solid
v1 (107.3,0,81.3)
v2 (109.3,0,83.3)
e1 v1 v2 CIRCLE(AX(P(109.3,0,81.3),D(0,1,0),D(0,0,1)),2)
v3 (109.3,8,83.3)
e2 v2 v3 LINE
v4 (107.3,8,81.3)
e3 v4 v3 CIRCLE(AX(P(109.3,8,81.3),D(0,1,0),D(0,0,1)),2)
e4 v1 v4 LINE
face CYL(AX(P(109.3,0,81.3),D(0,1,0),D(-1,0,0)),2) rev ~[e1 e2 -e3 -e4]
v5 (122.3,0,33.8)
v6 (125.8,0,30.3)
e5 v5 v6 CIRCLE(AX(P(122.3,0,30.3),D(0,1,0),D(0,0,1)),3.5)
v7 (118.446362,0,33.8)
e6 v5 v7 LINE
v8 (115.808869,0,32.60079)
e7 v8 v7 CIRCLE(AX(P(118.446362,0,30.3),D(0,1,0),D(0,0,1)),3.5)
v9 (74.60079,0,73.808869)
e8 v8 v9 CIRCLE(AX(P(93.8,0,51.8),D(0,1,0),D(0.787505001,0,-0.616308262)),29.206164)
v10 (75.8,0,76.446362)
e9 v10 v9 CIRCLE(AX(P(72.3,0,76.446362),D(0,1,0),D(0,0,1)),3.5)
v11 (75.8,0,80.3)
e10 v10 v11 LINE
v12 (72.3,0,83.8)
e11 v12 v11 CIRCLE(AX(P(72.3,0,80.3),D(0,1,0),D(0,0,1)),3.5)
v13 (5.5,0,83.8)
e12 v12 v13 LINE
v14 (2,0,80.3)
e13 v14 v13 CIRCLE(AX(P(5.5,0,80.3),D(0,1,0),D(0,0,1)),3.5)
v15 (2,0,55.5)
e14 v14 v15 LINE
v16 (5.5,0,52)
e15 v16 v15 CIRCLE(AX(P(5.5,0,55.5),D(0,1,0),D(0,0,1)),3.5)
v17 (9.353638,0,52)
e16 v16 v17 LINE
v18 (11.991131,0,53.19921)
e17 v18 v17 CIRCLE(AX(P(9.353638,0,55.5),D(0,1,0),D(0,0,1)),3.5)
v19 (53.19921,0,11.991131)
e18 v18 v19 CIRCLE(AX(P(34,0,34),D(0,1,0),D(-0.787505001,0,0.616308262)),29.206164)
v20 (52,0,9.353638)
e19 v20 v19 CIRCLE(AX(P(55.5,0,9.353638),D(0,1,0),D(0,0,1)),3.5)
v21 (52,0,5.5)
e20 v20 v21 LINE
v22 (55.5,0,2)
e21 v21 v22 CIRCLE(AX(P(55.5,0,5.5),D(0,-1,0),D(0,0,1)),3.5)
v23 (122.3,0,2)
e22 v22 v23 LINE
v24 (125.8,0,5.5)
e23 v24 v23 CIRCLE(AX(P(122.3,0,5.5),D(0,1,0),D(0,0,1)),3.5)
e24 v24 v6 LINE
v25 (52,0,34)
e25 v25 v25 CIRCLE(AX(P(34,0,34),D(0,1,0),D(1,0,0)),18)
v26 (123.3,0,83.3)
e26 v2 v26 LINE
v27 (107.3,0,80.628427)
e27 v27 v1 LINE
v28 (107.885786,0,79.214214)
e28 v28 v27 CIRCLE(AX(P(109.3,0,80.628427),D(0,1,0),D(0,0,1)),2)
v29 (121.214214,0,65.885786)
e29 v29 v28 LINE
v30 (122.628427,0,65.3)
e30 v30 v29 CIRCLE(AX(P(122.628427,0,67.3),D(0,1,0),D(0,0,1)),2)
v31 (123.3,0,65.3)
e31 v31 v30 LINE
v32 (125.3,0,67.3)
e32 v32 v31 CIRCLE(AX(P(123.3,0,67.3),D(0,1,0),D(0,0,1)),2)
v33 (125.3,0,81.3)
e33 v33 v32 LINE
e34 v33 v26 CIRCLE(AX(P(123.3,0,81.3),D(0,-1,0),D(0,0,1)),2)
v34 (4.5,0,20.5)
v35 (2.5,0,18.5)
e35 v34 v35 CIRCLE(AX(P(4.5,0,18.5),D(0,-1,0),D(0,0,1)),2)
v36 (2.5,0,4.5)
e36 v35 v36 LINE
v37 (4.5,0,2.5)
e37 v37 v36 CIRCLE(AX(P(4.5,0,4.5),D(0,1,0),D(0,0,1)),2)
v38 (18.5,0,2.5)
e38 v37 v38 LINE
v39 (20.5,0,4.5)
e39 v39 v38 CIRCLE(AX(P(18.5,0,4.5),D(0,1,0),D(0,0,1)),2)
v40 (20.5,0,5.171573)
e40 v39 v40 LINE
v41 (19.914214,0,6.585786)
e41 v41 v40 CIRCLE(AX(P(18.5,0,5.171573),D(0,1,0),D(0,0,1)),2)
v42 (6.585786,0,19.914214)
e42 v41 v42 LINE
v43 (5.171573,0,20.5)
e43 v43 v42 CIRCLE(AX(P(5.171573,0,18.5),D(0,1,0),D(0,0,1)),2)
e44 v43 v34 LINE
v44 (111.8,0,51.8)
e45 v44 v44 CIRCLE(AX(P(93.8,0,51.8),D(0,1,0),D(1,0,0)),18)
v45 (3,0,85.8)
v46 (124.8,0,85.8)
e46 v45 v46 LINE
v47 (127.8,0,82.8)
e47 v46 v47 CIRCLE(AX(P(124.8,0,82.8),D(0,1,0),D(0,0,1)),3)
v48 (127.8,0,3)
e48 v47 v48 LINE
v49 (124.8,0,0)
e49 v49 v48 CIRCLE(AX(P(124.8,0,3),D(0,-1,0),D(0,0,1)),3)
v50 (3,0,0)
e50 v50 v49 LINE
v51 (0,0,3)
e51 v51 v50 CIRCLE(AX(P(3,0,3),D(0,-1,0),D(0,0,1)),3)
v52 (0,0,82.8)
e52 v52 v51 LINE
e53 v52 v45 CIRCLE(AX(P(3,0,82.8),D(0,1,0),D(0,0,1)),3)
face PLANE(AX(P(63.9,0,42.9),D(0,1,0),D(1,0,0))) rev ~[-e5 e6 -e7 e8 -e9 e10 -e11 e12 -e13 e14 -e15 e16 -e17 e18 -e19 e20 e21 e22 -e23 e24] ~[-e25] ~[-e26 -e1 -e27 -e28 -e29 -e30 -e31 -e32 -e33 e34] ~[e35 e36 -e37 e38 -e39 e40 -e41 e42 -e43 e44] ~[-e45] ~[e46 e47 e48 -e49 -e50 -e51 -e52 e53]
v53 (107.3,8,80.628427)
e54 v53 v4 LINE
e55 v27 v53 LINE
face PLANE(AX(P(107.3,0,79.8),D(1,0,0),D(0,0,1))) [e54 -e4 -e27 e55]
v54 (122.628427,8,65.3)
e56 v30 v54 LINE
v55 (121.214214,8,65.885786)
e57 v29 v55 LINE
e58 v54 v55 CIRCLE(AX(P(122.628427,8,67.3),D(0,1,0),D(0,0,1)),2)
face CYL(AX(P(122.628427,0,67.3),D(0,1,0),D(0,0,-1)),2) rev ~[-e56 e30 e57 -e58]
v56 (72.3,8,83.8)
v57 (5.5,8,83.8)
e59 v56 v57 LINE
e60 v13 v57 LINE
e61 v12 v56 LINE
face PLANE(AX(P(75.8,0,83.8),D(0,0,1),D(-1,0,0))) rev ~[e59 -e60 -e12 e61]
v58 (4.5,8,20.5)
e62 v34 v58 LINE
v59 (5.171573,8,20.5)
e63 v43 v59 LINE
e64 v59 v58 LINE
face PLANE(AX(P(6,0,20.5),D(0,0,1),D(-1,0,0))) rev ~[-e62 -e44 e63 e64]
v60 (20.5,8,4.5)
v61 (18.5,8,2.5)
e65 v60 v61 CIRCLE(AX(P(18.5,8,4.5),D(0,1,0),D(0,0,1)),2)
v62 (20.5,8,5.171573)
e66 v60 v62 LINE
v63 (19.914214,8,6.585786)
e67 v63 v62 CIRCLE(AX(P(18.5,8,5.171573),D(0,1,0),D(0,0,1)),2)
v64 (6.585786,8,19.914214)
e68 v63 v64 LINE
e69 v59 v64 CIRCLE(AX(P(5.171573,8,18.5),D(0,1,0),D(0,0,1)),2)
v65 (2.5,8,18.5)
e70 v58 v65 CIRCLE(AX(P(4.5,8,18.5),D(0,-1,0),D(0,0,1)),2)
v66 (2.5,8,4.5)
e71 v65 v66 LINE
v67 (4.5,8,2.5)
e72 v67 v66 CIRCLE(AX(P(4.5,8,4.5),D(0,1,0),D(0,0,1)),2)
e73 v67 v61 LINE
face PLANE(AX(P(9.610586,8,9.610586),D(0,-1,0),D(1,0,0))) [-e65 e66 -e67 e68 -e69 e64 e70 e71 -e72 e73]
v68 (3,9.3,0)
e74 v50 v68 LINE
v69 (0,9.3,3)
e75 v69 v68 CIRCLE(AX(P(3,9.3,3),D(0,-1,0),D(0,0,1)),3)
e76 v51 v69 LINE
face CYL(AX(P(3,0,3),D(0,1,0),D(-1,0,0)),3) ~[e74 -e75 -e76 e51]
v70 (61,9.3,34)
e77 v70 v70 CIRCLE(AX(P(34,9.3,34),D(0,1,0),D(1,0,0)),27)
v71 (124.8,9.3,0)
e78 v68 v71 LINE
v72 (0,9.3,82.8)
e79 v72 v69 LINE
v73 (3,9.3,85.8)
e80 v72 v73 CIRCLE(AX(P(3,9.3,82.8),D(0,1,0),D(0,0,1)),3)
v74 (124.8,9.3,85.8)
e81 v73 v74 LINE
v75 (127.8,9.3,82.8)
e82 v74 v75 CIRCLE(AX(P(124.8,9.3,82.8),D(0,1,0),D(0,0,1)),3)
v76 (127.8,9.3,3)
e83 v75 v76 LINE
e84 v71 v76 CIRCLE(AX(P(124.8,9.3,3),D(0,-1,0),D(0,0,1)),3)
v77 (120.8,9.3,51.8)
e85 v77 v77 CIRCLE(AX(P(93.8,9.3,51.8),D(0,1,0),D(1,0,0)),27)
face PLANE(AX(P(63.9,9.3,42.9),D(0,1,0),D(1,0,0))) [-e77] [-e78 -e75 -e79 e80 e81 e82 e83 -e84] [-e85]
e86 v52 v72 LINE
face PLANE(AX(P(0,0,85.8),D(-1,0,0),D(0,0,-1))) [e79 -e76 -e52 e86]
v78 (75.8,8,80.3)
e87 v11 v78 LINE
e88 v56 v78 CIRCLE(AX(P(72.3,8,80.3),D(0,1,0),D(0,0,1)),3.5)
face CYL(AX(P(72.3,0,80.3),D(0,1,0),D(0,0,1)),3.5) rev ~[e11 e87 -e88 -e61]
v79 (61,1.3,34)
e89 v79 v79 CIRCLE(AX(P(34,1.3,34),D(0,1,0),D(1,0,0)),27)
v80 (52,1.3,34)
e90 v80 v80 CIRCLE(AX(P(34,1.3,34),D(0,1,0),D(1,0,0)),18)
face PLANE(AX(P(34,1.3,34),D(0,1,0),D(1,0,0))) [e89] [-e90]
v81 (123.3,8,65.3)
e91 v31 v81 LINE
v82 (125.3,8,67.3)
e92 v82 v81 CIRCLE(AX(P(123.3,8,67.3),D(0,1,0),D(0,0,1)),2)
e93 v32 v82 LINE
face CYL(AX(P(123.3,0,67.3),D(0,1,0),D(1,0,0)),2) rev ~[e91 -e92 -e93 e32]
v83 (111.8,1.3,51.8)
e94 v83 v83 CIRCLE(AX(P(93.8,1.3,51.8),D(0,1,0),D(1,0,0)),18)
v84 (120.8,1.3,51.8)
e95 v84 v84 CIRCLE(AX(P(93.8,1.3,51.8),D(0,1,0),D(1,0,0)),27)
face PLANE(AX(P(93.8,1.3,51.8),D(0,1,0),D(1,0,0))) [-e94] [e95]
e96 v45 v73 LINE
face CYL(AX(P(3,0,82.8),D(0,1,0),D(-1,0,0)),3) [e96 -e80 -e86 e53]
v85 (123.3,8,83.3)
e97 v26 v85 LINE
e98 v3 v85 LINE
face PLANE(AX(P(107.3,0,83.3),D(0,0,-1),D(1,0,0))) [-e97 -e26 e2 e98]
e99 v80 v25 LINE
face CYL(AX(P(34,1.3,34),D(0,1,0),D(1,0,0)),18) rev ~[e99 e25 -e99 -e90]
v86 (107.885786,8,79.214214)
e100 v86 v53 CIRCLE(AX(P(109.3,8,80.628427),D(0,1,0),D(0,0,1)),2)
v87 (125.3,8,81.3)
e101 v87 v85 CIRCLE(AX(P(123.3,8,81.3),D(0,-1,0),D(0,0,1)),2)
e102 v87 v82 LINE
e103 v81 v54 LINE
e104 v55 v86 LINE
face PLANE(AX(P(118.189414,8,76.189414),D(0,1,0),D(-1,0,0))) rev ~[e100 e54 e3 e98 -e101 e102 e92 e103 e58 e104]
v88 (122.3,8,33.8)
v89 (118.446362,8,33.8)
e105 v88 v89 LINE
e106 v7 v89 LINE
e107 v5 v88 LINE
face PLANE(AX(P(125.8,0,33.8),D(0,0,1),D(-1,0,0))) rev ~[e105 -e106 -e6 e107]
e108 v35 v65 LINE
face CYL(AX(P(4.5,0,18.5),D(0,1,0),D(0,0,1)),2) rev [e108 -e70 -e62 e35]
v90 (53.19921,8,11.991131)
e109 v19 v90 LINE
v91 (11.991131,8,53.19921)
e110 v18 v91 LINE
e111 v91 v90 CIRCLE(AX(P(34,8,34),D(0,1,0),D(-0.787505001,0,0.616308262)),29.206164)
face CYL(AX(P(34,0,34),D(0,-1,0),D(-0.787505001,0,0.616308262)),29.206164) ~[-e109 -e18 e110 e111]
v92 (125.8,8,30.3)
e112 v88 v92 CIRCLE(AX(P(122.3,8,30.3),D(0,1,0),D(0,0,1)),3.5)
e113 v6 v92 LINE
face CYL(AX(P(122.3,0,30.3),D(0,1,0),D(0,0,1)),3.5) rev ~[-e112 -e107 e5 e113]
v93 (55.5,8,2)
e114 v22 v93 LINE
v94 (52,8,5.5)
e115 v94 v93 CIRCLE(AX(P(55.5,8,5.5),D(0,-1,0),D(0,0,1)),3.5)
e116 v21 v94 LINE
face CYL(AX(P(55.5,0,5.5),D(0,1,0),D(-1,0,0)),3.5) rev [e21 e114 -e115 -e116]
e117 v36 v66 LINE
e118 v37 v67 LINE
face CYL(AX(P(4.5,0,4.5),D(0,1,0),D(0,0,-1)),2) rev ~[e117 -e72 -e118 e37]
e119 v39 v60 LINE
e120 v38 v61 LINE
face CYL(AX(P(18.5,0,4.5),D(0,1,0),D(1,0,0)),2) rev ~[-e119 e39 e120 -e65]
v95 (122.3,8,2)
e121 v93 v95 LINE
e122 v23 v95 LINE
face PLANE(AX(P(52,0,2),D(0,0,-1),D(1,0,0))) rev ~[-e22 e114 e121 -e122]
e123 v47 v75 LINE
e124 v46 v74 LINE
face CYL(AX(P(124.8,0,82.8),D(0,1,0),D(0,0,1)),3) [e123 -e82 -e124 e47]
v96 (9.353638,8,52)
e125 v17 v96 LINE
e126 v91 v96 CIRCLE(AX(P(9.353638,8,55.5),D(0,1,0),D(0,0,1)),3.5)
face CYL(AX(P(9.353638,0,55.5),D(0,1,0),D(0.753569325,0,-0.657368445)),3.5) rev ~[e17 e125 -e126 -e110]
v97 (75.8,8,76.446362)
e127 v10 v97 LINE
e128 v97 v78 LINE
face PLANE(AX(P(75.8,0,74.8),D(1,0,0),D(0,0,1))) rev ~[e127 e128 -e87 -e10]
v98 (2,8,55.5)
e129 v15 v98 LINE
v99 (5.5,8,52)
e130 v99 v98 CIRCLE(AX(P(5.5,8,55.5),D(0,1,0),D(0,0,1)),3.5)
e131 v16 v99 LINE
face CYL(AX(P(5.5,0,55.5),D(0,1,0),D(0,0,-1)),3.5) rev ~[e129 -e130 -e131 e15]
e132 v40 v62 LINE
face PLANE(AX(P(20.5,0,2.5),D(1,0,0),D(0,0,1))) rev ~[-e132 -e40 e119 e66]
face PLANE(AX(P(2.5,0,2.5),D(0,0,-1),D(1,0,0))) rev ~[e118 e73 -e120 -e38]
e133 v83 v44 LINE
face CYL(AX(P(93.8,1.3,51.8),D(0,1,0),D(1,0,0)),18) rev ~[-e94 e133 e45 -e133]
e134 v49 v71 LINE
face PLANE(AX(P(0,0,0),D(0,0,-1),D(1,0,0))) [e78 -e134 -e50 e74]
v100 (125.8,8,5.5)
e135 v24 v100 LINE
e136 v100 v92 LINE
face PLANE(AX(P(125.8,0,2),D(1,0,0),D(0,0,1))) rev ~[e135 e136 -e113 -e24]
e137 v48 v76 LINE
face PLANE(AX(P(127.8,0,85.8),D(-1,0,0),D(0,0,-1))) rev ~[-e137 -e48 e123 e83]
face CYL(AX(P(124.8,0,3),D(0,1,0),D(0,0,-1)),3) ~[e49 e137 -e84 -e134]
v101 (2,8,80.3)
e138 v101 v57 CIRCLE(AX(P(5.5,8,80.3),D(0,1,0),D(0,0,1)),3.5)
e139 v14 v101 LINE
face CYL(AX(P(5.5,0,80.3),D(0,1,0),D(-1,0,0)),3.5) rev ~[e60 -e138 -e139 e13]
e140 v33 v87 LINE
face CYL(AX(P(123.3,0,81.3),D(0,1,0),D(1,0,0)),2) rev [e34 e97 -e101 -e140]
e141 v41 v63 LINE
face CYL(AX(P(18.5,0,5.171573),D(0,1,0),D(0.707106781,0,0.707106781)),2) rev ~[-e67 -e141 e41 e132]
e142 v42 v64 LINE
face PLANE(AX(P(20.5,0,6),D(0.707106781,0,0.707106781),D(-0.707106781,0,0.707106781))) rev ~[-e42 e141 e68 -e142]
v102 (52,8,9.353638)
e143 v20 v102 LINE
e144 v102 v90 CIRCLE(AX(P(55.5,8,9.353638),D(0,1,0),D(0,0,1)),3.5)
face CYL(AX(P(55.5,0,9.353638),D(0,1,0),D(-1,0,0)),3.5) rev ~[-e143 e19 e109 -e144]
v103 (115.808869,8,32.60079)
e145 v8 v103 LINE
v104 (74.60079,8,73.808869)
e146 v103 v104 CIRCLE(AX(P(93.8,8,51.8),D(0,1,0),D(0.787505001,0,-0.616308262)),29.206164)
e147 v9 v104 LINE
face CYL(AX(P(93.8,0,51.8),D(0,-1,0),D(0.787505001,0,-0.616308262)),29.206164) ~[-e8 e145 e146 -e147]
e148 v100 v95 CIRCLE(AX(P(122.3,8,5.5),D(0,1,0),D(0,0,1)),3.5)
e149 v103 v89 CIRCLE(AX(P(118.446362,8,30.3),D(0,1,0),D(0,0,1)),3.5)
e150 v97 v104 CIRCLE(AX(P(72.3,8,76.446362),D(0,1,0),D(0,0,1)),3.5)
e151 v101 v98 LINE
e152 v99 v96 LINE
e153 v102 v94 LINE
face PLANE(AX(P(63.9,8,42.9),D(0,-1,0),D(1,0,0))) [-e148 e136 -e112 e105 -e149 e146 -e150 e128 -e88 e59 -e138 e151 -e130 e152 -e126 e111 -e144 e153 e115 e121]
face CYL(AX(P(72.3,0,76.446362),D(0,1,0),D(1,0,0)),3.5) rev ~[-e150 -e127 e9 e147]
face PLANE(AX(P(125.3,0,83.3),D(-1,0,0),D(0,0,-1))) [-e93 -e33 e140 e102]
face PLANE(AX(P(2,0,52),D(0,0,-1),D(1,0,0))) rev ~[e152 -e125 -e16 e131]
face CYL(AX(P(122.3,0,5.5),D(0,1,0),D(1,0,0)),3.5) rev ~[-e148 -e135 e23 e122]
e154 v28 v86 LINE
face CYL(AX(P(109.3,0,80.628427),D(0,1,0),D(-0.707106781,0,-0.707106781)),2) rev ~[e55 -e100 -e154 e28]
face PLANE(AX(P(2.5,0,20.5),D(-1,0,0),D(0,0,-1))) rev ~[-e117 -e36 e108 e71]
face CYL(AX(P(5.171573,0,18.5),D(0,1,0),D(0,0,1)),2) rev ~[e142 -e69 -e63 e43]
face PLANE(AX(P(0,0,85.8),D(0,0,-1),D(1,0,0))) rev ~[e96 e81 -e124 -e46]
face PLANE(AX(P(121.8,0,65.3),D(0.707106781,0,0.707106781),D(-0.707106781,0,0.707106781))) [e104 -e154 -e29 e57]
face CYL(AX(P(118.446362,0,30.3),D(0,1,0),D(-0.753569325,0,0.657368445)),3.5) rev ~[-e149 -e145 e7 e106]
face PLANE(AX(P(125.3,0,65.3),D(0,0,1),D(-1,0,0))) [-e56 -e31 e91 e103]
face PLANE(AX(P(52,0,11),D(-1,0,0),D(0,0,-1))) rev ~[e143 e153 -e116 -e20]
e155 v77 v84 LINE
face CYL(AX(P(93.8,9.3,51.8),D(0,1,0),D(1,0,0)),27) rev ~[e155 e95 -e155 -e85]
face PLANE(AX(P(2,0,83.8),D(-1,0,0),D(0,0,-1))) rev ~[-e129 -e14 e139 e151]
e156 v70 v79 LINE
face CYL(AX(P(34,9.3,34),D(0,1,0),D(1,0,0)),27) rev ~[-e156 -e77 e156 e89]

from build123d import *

# Parameters (mm, degrees)
SKETCH1_W           = 127.8
SKETCH1_H           = 85.8
BOSS_EXTRUDE1_DEPTH = 9.3
SKETCH2_R           = 27
CUT_EXTRUDE1_DEPTH  = 8
SKETCH3_R           = 18
CUT_EXTRUDE2_DEPTH  = 9
FILLET1_R           = 3
CUT_EXTRUDE3_DEPTH  = 8
FILLET2_R           = 2
FILLET3_R           = 3.5


with BuildPart() as part:
    # Sketch1 → Boss-Extrude1 (new body)
    with BuildSketch(Plane(origin=(0, 0, 0), x_dir=(1, 0, 0), z_dir=(0, 1, 0))):
        with Locations((63.9, -42.9)):
            Rectangle(SKETCH1_W, SKETCH1_H)
    extrude(amount=BOSS_EXTRUDE1_DEPTH)

    # Sketch2 → Cut-Extrude1 (cut)
    with BuildSketch(Plane(origin=(0, 9.3, 0), x_dir=(1, 0, 0), z_dir=(0, 1, 0))):
        with Locations((93.8, -51.8)):
            Circle(SKETCH2_R)
        with Locations((34, -34)):
            Circle(SKETCH2_R)
    extrude(amount=-CUT_EXTRUDE1_DEPTH, mode=Mode.SUBTRACT)

    # Sketch3 → Cut-Extrude2 (cut)
    with BuildSketch(Plane(origin=(0, 1.3, 0), x_dir=(1, 0, 0), z_dir=(0, 1, 0))):
        with Locations((93.8, -51.8)):
            Circle(SKETCH3_R)
        with Locations((34, -34)):
            Circle(SKETCH3_R)
    extrude(amount=-CUT_EXTRUDE2_DEPTH, mode=Mode.SUBTRACT)

    # Fillet1
    fillet1_edges = [part.edges().sort_by_distance(p)[0] for p in [
        (0, 4.65, 0),
        (127.8, 4.65, 0),
        (127.8, 4.65, 85.8),
        (0, 4.65, 85.8),
    ]]
    fillet(fillet1_edges, radius=FILLET1_R)

    # Sketch4 → Cut-Extrude3 (cut)
    with BuildSketch(Plane.XZ):
        with BuildLine():
            Line((52, 2), (124.8, 2))
            Line((124.8, 2), (125.8, 2))
            Line((125.8, 2), (125.8, 3))
            Line((125.8, 3), (125.8, 33.8))
            Line((125.8, 33.8), (116.8, 33.8))
            ThreePointArc((116.8, 33.8), (73.148123572, 31.148123572), (75.8, 74.8))
            Line((75.8, 74.8), (75.8, 83.8))
            Line((75.8, 83.8), (3, 83.8))
            Line((3, 83.8), (2, 83.8))
            Line((2, 83.8), (2, 82.8))
            Line((2, 82.8), (2, 52))
            Line((2, 52), (11, 52))
            ThreePointArc((11, 52), (54.651876428, 54.651876428), (52, 11))
            Line((52, 11), (52, 2))
        make_face()
        Polygon((125.3, 83.3), (125.3, 65.3), (121.8, 65.3), (107.3, 79.8), (107.3, 83.3), align=None)
        Polygon((2.5, 20.5), (2.5, 2.5), (20.5, 2.5), (20.5, 6), (6, 20.5), align=None)
    extrude(amount=-CUT_EXTRUDE3_DEPTH, mode=Mode.SUBTRACT)

    # Fillet2
    fillet2_edges = [part.edges().sort_by_distance(p)[0] for p in [
        (2.5, 4, 20.5),
        (6, 4, 20.5),
        (20.5, 4, 6),
        (20.5, 4, 2.5),
        (2.5, 4, 2.5),
        (121.8, 4, 65.3),
        (107.3, 4, 79.8),
        (107.3, 4, 83.3),
        (125.3, 4, 83.3),
        (125.3, 4, 65.3),
    ]]
    fillet(fillet2_edges, radius=FILLET2_R)

    # Fillet3
    fillet3_edges = [part.edges().sort_by_distance(p)[0] for p in [
        (125.8, 4, 2),
        (52, 4, 2),
        (52, 4, 11),
        (11, 4, 52),
        (2, 4, 52),
        (2, 4, 83.8),
        (75.8, 4, 83.8),
        (75.8, 4, 74.8),
        (116.8, 4, 33.8),
        (125.8, 4, 33.8),
    ]]
    fillet(fillet3_edges, radius=FILLET3_R)


solid = part.part
